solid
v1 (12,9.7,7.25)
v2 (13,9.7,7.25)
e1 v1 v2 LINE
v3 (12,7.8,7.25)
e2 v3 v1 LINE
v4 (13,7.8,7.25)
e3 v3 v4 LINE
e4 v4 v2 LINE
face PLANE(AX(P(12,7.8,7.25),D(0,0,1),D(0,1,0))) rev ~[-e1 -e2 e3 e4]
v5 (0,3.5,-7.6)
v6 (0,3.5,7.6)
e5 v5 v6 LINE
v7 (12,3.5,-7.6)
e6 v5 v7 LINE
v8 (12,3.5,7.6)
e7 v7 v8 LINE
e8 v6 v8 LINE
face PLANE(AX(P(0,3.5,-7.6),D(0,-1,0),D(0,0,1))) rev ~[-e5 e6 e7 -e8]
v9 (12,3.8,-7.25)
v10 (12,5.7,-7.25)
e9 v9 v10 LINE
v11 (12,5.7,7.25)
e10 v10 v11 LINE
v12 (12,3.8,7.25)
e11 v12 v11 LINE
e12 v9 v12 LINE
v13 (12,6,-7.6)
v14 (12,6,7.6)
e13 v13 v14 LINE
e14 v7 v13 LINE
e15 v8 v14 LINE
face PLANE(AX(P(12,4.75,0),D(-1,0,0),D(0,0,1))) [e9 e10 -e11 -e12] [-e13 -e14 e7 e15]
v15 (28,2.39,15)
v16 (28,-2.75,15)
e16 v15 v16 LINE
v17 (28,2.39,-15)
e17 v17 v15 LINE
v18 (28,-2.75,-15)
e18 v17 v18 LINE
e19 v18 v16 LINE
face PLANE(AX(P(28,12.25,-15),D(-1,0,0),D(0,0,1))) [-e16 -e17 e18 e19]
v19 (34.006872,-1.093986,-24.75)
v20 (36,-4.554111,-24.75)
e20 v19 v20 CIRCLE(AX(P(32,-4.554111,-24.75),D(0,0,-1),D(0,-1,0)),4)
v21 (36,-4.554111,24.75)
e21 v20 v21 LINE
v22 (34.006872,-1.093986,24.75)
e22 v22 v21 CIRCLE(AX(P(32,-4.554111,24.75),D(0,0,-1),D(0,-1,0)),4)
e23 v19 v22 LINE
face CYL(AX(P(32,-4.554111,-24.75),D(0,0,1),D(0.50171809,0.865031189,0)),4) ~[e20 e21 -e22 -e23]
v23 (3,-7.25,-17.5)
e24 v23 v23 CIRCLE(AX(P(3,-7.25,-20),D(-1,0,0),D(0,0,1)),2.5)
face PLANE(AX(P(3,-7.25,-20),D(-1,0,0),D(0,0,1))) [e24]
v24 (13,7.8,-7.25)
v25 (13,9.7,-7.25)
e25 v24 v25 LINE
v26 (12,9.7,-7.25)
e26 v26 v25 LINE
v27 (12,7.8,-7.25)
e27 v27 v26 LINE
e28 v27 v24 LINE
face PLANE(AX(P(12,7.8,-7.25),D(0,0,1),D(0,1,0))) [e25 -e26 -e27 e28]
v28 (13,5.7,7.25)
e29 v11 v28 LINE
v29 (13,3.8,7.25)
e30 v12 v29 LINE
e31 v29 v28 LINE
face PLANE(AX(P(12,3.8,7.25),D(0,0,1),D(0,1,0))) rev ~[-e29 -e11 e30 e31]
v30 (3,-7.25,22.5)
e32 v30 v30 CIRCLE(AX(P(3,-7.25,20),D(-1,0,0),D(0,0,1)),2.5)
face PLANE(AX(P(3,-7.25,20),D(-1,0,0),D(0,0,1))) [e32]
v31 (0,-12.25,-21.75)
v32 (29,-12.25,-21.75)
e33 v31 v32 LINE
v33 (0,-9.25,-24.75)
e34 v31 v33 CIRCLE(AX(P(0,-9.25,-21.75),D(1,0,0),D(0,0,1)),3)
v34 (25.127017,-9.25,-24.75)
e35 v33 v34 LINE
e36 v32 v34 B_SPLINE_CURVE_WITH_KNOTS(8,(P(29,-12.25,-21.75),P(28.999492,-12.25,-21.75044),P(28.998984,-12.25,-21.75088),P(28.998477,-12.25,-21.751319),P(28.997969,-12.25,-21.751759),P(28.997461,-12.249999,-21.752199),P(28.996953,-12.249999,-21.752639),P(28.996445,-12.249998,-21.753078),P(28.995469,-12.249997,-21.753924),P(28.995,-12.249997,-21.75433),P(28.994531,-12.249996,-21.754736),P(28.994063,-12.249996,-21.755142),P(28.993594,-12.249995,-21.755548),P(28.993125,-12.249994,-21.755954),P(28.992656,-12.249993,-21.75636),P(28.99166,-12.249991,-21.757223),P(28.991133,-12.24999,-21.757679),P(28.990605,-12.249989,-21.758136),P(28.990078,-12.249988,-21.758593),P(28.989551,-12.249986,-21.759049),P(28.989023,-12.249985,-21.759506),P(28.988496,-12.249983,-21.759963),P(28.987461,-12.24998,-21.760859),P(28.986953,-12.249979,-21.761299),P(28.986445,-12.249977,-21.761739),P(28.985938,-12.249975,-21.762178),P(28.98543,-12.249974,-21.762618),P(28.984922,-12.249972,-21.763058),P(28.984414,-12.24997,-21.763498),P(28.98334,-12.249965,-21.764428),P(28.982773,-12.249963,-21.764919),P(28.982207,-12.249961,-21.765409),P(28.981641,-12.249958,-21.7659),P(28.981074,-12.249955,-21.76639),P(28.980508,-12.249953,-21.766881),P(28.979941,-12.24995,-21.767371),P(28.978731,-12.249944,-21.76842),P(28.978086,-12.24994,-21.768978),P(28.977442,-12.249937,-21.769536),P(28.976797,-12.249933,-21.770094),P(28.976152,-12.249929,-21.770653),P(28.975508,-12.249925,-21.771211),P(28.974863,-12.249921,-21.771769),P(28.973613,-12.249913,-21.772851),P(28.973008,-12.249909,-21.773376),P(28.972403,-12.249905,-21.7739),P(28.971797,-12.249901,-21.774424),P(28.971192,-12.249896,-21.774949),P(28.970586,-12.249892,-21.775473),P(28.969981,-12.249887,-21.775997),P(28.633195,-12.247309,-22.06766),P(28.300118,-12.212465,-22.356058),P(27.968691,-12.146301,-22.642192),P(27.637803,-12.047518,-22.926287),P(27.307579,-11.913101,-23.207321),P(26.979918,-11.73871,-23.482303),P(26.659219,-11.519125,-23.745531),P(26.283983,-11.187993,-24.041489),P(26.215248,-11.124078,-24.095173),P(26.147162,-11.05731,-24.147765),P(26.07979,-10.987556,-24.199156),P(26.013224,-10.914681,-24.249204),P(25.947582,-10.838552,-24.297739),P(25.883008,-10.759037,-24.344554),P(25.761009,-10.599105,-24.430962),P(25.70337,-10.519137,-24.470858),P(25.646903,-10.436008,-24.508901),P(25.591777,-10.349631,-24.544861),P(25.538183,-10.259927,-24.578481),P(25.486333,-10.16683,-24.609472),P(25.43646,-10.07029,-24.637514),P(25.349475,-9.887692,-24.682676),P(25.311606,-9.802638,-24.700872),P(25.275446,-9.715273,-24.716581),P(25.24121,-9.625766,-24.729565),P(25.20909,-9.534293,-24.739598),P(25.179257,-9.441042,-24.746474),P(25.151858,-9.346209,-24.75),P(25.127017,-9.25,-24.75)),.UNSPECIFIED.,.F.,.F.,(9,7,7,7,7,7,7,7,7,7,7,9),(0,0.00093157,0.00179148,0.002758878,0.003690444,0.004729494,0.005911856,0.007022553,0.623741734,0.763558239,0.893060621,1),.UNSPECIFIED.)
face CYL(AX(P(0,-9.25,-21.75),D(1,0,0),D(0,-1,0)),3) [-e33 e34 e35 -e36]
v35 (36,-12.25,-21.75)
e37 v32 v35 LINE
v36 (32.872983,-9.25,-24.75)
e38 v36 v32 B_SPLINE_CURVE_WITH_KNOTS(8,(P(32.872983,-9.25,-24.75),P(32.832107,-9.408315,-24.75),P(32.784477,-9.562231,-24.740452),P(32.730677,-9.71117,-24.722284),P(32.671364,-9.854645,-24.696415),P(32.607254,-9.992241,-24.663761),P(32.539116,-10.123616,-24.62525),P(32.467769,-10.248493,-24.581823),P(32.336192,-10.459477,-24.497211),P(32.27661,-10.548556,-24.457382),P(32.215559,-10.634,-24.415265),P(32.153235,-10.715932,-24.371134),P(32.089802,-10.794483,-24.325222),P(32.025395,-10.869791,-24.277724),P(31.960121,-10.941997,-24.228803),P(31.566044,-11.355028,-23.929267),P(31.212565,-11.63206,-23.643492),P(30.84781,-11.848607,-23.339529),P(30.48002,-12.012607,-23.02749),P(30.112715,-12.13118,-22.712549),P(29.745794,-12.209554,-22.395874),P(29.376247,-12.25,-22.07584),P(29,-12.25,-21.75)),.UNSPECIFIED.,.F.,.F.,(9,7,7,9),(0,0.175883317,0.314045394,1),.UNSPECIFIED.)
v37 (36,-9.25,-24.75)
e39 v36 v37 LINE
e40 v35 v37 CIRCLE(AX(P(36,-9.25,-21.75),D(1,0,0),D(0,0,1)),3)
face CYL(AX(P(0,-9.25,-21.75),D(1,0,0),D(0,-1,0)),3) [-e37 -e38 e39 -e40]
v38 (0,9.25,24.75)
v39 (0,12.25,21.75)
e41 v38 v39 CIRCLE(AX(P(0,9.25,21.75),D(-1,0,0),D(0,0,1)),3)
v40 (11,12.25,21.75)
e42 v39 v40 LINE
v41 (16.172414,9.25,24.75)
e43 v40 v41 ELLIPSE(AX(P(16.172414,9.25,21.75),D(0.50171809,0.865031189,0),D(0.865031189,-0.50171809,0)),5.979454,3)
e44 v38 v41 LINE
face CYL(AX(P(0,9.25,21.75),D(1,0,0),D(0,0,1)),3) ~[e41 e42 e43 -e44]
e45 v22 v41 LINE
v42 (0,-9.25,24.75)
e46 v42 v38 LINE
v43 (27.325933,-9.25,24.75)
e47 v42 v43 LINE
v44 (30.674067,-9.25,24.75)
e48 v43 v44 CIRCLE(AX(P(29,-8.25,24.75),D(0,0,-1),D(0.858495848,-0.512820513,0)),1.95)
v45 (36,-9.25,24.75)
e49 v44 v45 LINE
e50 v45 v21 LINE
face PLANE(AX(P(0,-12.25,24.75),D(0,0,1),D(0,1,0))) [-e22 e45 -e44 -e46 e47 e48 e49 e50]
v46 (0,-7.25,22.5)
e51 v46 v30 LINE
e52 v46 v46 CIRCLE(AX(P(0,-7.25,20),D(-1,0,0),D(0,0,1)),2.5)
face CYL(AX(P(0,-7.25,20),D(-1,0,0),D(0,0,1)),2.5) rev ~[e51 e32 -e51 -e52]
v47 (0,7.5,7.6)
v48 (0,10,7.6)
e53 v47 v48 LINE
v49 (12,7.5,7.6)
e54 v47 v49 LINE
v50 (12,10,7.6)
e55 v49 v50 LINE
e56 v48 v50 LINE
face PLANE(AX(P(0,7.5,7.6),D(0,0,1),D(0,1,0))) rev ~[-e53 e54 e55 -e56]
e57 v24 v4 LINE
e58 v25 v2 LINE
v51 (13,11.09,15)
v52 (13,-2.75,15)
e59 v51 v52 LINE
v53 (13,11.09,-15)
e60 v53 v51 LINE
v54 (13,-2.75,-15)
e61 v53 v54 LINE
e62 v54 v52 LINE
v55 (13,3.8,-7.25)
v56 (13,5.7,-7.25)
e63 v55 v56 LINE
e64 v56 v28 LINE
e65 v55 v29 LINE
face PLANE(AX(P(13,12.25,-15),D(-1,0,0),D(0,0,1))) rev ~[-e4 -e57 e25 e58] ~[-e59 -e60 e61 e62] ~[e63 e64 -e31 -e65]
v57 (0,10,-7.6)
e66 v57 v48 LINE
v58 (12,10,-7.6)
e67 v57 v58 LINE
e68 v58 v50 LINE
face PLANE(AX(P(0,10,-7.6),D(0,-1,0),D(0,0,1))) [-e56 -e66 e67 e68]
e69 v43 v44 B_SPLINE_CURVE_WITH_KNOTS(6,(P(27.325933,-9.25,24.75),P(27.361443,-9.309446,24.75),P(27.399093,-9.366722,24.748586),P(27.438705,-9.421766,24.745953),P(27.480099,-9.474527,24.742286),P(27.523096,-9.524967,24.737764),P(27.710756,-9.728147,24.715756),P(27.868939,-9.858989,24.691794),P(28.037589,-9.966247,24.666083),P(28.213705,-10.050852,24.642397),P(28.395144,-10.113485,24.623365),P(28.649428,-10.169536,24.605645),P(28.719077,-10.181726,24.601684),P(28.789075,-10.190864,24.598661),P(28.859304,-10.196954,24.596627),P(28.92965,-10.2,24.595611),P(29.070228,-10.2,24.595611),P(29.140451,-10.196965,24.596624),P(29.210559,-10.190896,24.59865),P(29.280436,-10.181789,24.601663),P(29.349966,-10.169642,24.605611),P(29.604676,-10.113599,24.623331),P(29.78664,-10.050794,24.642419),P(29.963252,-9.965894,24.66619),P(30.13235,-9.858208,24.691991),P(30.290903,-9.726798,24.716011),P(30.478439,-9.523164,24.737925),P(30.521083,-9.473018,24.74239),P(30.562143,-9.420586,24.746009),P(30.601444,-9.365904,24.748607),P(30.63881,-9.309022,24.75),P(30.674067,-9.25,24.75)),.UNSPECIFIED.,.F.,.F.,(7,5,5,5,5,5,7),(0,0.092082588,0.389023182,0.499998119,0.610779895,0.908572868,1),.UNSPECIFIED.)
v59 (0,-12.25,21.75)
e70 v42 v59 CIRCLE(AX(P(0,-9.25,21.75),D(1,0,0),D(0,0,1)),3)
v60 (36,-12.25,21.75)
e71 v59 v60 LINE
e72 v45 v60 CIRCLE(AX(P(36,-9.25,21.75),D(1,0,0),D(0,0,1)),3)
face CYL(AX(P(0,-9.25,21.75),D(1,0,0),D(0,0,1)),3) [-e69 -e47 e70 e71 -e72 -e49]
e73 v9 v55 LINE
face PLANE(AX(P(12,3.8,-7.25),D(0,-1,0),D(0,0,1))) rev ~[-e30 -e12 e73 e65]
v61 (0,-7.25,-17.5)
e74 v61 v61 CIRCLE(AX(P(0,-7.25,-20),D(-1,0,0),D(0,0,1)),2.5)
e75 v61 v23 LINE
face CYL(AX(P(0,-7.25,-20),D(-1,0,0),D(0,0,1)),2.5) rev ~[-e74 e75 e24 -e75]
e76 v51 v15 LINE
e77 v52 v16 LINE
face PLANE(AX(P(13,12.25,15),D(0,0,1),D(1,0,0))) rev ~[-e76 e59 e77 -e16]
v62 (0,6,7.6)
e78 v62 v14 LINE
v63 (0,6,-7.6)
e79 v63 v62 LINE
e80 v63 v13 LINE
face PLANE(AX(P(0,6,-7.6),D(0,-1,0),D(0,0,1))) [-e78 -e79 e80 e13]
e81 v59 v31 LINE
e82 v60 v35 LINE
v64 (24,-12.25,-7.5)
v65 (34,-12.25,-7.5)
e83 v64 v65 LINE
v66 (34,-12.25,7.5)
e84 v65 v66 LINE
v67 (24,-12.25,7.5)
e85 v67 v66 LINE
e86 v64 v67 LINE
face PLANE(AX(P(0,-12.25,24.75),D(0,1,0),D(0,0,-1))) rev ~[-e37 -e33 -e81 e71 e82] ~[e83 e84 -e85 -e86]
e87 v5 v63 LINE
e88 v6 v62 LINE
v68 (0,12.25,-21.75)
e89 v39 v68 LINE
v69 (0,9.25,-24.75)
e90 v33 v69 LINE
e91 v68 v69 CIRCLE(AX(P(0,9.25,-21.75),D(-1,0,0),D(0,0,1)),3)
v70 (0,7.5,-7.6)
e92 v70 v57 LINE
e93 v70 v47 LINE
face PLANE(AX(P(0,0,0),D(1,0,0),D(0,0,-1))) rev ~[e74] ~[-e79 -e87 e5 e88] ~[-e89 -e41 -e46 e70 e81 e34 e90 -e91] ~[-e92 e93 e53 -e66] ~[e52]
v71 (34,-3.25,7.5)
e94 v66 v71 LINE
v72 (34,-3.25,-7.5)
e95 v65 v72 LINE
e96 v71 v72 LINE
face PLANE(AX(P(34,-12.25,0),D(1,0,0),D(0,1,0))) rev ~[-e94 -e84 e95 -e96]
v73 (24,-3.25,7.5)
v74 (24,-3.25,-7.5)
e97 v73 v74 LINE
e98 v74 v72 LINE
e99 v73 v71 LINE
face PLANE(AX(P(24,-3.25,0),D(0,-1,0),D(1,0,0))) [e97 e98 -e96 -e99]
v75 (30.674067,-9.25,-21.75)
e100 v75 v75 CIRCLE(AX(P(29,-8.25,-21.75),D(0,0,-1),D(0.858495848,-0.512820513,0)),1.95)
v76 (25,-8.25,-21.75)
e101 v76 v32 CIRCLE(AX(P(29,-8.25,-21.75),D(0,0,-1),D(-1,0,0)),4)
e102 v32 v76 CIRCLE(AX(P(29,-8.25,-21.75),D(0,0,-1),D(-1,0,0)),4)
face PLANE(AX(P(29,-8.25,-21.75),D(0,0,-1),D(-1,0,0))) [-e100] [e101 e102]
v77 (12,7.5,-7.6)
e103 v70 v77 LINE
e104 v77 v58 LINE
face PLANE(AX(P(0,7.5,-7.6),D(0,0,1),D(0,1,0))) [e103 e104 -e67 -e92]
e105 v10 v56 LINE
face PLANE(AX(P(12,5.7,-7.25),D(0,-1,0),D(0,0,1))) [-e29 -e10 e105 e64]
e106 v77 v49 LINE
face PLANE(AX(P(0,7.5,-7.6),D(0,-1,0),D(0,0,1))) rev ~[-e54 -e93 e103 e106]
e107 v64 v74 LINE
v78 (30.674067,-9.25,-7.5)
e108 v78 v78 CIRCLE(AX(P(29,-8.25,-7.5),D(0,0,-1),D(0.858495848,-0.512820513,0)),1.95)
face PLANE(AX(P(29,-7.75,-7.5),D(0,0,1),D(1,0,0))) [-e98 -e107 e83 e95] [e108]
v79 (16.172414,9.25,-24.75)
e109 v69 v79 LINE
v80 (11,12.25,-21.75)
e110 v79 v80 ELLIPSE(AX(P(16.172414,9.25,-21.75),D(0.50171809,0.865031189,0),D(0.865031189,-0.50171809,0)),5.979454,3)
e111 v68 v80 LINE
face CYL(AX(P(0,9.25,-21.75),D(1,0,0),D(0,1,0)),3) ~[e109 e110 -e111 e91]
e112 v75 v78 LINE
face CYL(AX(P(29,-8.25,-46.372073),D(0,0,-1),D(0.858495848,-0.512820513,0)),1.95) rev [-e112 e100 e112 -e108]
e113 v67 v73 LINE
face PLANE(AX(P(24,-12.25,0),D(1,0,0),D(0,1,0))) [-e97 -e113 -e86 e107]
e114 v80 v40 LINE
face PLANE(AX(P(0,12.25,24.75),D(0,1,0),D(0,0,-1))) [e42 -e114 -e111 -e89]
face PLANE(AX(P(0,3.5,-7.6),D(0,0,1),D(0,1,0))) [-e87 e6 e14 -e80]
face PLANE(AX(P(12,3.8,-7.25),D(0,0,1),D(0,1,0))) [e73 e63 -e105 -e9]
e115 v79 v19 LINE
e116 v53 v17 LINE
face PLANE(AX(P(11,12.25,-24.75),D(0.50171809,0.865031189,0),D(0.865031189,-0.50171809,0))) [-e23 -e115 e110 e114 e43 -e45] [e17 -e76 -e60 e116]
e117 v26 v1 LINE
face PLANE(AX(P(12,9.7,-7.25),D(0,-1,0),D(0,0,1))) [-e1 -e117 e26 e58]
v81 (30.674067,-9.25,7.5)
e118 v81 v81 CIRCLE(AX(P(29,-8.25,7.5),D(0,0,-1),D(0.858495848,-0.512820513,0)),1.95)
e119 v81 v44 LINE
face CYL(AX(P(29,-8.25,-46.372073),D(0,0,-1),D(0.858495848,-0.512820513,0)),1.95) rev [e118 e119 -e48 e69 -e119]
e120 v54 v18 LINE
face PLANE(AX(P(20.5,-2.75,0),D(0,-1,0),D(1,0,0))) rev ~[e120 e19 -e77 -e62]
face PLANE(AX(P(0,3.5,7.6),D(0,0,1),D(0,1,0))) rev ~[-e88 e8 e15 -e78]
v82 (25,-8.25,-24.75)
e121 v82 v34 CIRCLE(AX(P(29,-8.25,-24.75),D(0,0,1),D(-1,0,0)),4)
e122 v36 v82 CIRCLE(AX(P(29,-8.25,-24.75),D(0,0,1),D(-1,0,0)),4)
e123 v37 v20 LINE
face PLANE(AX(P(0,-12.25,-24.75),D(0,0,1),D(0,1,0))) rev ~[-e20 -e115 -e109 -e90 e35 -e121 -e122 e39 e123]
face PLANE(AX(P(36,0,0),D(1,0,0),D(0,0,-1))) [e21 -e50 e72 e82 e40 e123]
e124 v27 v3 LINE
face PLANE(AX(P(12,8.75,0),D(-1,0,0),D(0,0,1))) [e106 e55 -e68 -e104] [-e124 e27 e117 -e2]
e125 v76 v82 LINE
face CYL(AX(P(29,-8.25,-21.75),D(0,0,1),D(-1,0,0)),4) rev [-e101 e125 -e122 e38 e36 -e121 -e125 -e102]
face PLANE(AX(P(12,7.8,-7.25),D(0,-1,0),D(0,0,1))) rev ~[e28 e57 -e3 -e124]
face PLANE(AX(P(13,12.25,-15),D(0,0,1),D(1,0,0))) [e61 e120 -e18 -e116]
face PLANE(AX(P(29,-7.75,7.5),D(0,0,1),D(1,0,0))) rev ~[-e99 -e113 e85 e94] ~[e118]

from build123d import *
from build123d.topology import SkipClean

# Parameters (mm, degrees)
SKETCH_1_W               = 49.5
SKETCH_1_H               = 24.5
EXTRUDE_1_DEPTH          = 36
SKETCH_2_R               = 2.5
CUT_EXTRUDE_1_DEPTH      = 3
SKETCH_3_W               = 15.2
SKETCH_3_H               = 2.5
CUT_EXTRUDE_2_DEPTH      = 12
FILLET_1_R               = 3
CUT_EXTRUDE_3_DEPTH      = 46.372072908
CUT_EXTRUDE_3_DEPTH_BACK = 46.372072908
SKETCH_5_R               = 1.95
CUT_EXTRUDE_4_DEPTH      = 63.42044953
CUT_EXTRUDE_4_DEPTH_BACK = 3
SKETCH_6_R               = 4
SKETCH_7_W               = 10
SKETCH_7_H               = 9
CUT_EXTRUDE_5_DEPTH      = 7.5
CUT_EXTRUDE_6_DEPTH      = 63.42044953
FILLET_2_R               = 4
SKETCH_9_W               = 15
SKETCH_9_H               = 30
CUT_EXTRUDE_7_DEPTH      = 15
SKETCH_11_W              = 14.5
SKETCH_11_H              = 1.9
CUT_EXTRUDE_8_DEPTH      = 2


with BuildPart() as part:
    # Эскиз1 → Бобышка-Вытянуть1 (new body)
    with BuildSketch(Plane(origin=(0, 0, 0), x_dir=(0, 0, -1), z_dir=(1, 0, 0))):
        Rectangle(SKETCH_1_W, SKETCH_1_H)
    extrude(amount=EXTRUDE_1_DEPTH)

    # Эскиз2 → Вырез-Вытянуть1 (cut)
    with BuildSketch(Plane.ZY):
        with Locations((-20, -7.25)):
            Circle(SKETCH_2_R)
        with Locations((20, -7.25)):
            Circle(SKETCH_2_R)
    extrude(amount=-CUT_EXTRUDE_1_DEPTH, mode=Mode.SUBTRACT)

    # Эскиз3 → Вырез-Вытянуть2 (cut)
    with BuildSketch(Plane.ZY):
        with Locations((0, 4.75)):
            Rectangle(SKETCH_3_W, SKETCH_3_H)
        with Locations((0, 8.75)):
            Rectangle(SKETCH_3_W, SKETCH_3_H)
    extrude(amount=-CUT_EXTRUDE_2_DEPTH, mode=Mode.SUBTRACT)

    # Скругление1
    fillet_1_edges = [part.edges().sort_by_distance(p)[0] for p in [
        (18, 12.25, -24.75),
        (18, -12.25, -24.75),
        (18, -12.25, 24.75),
        (18, 12.25, 24.75),
    ]]
    fillet(fillet_1_edges, radius=FILLET_1_R)

    # Эскиз5 → Вырез-Вытянуть3 (cut, two sides: drawn at the far end of the back side and taken through both)
    with BuildSketch(Plane.XY.offset(-CUT_EXTRUDE_3_DEPTH_BACK)):
        with Locations(Location((29, -8.25, 0), (0, 0, 329.148114014))):
            Circle(SKETCH_5_R)
    extrude(amount=CUT_EXTRUDE_3_DEPTH + CUT_EXTRUDE_3_DEPTH_BACK, mode=Mode.SUBTRACT)

    # Эскиз6 → Вырез-Вытянуть4 (cut, two sides: drawn at the far end of the back side and taken through both)
    with BuildSketch(Plane(origin=(0, 0, -24.75), x_dir=(-1, 0, 0), z_dir=(0, 0, -1)).offset(-CUT_EXTRUDE_4_DEPTH_BACK)):
        with Locations((-29, -8.25)):
            Circle(SKETCH_6_R)
    extrude(amount=CUT_EXTRUDE_4_DEPTH + CUT_EXTRUDE_4_DEPTH_BACK, mode=Mode.SUBTRACT)

    # Эскиз7 → Вырез-Вытянуть5 (cut, symmetric)
    with SkipClean():  # the faces are left unmerged after this step: merging them gives an invalid solid
        with BuildSketch(Plane.XY):
            with Locations((29, -7.75)):
                Rectangle(SKETCH_7_W, SKETCH_7_H)
        extrude(amount=CUT_EXTRUDE_5_DEPTH, both=True, mode=Mode.SUBTRACT)

    # Эскиз8 → Вырез-Вытянуть6 (cut, through all)
    with SkipClean():  # the faces are left unmerged after this step: merging them gives an invalid solid
        with BuildSketch(Plane(origin=(0, 0, -24.75), x_dir=(-1, 0, 0), z_dir=(0, 0, -1))):
            Polygon((-11, 12.25), (-36, -2.25), (-36, 12.25), align=None)
        extrude(amount=-CUT_EXTRUDE_6_DEPTH, mode=Mode.SUBTRACT)

    # Скругление2
    fillet_2_edges = [part.edges().sort_by_distance(p)[0] for p in [
        (36, -2.25, 0),
    ]]
    fillet(fillet_2_edges, radius=FILLET_2_R)

    # Эскиз9 → Вырез-Вытянуть7 (cut)
    with BuildSketch(Plane.XZ.offset(-12.25)):
        with Locations((20.5, 0)):
            Rectangle(SKETCH_9_W, SKETCH_9_H)
    extrude(amount=CUT_EXTRUDE_7_DEPTH, mode=Mode.SUBTRACT)

    # Эскиз11 → Вырез-Вытянуть8 (cut)
    with BuildSketch(Plane.ZY.offset(-12)):
        with Locations((0, 8.75)):
            Rectangle(SKETCH_11_W, SKETCH_11_H)
        with Locations((0, 4.75)):
            Rectangle(SKETCH_11_W, SKETCH_11_H)
    extrude(amount=-CUT_EXTRUDE_8_DEPTH, mode=Mode.SUBTRACT)


solid = part.part
